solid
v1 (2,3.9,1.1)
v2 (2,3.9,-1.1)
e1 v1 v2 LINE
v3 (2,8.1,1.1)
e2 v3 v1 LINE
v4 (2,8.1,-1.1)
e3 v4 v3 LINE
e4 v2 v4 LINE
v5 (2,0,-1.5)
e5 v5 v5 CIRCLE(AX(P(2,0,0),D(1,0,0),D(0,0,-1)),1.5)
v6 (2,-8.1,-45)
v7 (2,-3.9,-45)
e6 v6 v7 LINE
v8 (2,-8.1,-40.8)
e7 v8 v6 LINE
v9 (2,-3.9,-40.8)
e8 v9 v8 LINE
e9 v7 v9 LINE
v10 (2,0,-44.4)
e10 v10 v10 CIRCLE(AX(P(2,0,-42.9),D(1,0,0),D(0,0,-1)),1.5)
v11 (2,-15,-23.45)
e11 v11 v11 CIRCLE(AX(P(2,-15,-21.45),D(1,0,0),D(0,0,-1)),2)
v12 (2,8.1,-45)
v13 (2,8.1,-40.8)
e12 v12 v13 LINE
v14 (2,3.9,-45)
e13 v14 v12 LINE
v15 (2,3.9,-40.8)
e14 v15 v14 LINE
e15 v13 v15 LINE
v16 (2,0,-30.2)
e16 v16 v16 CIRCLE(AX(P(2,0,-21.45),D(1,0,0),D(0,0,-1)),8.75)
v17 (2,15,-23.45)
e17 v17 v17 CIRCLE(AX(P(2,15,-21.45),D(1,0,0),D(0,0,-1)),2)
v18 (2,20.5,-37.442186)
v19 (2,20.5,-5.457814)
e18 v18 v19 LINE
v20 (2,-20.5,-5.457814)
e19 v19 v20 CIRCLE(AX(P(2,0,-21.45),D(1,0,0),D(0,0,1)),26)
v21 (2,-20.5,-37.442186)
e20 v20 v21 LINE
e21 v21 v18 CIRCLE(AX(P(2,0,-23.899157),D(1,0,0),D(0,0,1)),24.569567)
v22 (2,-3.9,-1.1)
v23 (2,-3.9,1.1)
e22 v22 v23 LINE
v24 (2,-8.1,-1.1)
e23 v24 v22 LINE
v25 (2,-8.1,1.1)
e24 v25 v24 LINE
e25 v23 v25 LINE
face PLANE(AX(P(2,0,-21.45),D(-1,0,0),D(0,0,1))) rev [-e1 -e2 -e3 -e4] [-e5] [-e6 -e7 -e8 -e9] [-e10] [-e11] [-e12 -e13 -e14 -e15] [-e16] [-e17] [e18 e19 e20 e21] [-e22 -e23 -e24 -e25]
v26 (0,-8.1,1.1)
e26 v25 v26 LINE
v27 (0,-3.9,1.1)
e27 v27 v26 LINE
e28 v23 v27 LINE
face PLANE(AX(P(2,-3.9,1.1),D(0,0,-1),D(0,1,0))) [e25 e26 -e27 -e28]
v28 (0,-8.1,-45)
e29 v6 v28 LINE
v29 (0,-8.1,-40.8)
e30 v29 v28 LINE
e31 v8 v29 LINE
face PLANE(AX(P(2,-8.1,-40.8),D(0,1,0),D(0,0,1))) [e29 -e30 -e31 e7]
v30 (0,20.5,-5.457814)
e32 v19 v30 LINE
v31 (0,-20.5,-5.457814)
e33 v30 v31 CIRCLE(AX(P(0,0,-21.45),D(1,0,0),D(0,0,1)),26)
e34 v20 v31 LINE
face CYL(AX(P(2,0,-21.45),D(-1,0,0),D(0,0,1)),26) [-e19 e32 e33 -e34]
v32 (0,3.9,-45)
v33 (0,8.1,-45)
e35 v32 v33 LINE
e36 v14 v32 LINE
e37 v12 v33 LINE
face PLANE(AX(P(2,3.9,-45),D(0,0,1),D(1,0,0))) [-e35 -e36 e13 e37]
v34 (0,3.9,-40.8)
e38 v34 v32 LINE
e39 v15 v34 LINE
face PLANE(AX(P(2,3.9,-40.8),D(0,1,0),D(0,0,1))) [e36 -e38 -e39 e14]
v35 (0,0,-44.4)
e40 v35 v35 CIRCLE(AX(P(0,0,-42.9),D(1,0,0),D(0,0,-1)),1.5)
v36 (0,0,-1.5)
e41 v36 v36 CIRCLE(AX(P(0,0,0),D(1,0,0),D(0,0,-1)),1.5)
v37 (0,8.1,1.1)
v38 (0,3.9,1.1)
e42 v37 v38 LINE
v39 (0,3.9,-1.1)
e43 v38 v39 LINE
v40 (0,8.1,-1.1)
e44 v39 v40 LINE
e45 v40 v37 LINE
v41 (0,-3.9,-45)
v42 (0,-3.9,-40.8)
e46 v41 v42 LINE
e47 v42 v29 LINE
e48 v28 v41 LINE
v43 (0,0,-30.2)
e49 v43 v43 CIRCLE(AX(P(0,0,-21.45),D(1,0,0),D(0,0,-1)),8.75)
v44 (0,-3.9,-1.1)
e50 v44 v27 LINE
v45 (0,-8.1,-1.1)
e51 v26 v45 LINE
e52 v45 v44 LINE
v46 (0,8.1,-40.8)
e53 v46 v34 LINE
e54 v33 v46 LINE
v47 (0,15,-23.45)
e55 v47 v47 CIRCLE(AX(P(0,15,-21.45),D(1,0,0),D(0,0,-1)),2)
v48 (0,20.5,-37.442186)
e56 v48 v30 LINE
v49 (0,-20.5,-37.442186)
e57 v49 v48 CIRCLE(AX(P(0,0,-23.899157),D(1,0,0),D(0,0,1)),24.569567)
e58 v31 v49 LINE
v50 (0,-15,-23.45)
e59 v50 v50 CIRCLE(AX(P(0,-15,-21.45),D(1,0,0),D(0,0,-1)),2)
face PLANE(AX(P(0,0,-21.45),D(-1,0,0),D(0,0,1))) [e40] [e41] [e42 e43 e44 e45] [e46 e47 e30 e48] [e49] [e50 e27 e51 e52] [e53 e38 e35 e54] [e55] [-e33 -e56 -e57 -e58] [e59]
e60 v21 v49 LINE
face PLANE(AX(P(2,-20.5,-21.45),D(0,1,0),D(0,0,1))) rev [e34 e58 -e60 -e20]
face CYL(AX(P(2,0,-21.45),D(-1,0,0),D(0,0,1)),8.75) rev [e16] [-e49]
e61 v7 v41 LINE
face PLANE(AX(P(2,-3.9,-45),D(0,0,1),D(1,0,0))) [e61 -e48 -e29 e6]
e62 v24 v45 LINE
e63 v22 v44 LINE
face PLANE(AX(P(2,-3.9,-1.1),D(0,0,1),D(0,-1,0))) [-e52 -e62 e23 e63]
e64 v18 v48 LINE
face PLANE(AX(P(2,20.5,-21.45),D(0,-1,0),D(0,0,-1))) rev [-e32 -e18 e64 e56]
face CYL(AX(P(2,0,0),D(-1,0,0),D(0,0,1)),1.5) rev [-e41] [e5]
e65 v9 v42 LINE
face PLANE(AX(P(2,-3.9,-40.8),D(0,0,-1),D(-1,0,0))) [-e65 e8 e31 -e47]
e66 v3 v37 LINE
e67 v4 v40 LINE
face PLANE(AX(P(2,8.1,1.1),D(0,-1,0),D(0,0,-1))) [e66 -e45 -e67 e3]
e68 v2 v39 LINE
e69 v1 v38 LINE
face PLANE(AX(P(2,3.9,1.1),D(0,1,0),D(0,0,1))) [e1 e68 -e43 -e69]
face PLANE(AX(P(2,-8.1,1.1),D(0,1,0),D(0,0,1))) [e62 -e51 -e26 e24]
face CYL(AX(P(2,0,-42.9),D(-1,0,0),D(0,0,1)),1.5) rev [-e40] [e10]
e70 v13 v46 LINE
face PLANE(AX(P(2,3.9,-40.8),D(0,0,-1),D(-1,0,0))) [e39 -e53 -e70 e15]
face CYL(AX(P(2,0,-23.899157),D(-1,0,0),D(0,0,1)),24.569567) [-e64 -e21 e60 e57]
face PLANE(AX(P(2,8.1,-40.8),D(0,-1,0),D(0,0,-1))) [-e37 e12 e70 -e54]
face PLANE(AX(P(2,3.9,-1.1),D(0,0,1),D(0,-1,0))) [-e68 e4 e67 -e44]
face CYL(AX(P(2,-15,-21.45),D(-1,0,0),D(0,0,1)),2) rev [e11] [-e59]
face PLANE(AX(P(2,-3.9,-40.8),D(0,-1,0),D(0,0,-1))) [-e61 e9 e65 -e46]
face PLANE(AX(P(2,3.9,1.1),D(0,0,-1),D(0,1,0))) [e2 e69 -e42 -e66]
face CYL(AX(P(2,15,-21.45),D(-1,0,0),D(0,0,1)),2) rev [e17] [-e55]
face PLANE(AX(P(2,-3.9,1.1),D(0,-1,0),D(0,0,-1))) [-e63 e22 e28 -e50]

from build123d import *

# Parameters (mm, degrees)
SKETCH_1_R      = 2
SKETCH_1_R_2    = 8.75
SKETCH_1_R_3    = 1.5
SKETCH_1_W      = 2.2
SKETCH_1_H      = 4.2
SKETCH_1_W_2    = 4.2
EXTRUDE_1_DEPTH = 2


with BuildPart() as part:
    # 草图1 → 凸台-拉伸1 (new body)
    with BuildSketch(Plane(origin=(0, 0, 0), x_dir=(0, 0, -1), z_dir=(1, 0, 0))):
        with BuildLine():
            Line((21.45, -20.5), (37.442185592, -20.5))
            ThreePointArc((37.442185592, -20.5), (48.468724148, 0), (37.442185592, 20.5))
            Line((37.442185592, 20.5), (21.45, 20.5))
            Line((21.45, 20.5), (5.457814408, 20.5))
            ThreePointArc((5.457814408, 20.5), (-4.55, 0), (5.457814408, -20.5))
            Line((5.457814408, -20.5), (21.45, -20.5))
        make_face()
        with Locations((21.45, 15)):
            Circle(SKETCH_1_R, mode=Mode.SUBTRACT)
        with Locations((21.45, -15)):
            Circle(SKETCH_1_R, mode=Mode.SUBTRACT)
        with Locations((21.45, 0)):
            Circle(SKETCH_1_R_2, mode=Mode.SUBTRACT)
        Circle(SKETCH_1_R_3, mode=Mode.SUBTRACT)
        with Locations((42.9, 0)):
            Circle(SKETCH_1_R_3, mode=Mode.SUBTRACT)
        with Locations((0, 6)):
            Rectangle(SKETCH_1_W, SKETCH_1_H, mode=Mode.SUBTRACT)
        with Locations((0, -6)):
            Rectangle(SKETCH_1_W, SKETCH_1_H, mode=Mode.SUBTRACT)
        with Locations((42.9, 6)):
            Rectangle(SKETCH_1_W_2, SKETCH_1_H, mode=Mode.SUBTRACT)
        with Locations((42.9, -6)):
            Rectangle(SKETCH_1_W_2, SKETCH_1_H, mode=Mode.SUBTRACT)
    extrude(amount=EXTRUDE_1_DEPTH)


solid = part.part
